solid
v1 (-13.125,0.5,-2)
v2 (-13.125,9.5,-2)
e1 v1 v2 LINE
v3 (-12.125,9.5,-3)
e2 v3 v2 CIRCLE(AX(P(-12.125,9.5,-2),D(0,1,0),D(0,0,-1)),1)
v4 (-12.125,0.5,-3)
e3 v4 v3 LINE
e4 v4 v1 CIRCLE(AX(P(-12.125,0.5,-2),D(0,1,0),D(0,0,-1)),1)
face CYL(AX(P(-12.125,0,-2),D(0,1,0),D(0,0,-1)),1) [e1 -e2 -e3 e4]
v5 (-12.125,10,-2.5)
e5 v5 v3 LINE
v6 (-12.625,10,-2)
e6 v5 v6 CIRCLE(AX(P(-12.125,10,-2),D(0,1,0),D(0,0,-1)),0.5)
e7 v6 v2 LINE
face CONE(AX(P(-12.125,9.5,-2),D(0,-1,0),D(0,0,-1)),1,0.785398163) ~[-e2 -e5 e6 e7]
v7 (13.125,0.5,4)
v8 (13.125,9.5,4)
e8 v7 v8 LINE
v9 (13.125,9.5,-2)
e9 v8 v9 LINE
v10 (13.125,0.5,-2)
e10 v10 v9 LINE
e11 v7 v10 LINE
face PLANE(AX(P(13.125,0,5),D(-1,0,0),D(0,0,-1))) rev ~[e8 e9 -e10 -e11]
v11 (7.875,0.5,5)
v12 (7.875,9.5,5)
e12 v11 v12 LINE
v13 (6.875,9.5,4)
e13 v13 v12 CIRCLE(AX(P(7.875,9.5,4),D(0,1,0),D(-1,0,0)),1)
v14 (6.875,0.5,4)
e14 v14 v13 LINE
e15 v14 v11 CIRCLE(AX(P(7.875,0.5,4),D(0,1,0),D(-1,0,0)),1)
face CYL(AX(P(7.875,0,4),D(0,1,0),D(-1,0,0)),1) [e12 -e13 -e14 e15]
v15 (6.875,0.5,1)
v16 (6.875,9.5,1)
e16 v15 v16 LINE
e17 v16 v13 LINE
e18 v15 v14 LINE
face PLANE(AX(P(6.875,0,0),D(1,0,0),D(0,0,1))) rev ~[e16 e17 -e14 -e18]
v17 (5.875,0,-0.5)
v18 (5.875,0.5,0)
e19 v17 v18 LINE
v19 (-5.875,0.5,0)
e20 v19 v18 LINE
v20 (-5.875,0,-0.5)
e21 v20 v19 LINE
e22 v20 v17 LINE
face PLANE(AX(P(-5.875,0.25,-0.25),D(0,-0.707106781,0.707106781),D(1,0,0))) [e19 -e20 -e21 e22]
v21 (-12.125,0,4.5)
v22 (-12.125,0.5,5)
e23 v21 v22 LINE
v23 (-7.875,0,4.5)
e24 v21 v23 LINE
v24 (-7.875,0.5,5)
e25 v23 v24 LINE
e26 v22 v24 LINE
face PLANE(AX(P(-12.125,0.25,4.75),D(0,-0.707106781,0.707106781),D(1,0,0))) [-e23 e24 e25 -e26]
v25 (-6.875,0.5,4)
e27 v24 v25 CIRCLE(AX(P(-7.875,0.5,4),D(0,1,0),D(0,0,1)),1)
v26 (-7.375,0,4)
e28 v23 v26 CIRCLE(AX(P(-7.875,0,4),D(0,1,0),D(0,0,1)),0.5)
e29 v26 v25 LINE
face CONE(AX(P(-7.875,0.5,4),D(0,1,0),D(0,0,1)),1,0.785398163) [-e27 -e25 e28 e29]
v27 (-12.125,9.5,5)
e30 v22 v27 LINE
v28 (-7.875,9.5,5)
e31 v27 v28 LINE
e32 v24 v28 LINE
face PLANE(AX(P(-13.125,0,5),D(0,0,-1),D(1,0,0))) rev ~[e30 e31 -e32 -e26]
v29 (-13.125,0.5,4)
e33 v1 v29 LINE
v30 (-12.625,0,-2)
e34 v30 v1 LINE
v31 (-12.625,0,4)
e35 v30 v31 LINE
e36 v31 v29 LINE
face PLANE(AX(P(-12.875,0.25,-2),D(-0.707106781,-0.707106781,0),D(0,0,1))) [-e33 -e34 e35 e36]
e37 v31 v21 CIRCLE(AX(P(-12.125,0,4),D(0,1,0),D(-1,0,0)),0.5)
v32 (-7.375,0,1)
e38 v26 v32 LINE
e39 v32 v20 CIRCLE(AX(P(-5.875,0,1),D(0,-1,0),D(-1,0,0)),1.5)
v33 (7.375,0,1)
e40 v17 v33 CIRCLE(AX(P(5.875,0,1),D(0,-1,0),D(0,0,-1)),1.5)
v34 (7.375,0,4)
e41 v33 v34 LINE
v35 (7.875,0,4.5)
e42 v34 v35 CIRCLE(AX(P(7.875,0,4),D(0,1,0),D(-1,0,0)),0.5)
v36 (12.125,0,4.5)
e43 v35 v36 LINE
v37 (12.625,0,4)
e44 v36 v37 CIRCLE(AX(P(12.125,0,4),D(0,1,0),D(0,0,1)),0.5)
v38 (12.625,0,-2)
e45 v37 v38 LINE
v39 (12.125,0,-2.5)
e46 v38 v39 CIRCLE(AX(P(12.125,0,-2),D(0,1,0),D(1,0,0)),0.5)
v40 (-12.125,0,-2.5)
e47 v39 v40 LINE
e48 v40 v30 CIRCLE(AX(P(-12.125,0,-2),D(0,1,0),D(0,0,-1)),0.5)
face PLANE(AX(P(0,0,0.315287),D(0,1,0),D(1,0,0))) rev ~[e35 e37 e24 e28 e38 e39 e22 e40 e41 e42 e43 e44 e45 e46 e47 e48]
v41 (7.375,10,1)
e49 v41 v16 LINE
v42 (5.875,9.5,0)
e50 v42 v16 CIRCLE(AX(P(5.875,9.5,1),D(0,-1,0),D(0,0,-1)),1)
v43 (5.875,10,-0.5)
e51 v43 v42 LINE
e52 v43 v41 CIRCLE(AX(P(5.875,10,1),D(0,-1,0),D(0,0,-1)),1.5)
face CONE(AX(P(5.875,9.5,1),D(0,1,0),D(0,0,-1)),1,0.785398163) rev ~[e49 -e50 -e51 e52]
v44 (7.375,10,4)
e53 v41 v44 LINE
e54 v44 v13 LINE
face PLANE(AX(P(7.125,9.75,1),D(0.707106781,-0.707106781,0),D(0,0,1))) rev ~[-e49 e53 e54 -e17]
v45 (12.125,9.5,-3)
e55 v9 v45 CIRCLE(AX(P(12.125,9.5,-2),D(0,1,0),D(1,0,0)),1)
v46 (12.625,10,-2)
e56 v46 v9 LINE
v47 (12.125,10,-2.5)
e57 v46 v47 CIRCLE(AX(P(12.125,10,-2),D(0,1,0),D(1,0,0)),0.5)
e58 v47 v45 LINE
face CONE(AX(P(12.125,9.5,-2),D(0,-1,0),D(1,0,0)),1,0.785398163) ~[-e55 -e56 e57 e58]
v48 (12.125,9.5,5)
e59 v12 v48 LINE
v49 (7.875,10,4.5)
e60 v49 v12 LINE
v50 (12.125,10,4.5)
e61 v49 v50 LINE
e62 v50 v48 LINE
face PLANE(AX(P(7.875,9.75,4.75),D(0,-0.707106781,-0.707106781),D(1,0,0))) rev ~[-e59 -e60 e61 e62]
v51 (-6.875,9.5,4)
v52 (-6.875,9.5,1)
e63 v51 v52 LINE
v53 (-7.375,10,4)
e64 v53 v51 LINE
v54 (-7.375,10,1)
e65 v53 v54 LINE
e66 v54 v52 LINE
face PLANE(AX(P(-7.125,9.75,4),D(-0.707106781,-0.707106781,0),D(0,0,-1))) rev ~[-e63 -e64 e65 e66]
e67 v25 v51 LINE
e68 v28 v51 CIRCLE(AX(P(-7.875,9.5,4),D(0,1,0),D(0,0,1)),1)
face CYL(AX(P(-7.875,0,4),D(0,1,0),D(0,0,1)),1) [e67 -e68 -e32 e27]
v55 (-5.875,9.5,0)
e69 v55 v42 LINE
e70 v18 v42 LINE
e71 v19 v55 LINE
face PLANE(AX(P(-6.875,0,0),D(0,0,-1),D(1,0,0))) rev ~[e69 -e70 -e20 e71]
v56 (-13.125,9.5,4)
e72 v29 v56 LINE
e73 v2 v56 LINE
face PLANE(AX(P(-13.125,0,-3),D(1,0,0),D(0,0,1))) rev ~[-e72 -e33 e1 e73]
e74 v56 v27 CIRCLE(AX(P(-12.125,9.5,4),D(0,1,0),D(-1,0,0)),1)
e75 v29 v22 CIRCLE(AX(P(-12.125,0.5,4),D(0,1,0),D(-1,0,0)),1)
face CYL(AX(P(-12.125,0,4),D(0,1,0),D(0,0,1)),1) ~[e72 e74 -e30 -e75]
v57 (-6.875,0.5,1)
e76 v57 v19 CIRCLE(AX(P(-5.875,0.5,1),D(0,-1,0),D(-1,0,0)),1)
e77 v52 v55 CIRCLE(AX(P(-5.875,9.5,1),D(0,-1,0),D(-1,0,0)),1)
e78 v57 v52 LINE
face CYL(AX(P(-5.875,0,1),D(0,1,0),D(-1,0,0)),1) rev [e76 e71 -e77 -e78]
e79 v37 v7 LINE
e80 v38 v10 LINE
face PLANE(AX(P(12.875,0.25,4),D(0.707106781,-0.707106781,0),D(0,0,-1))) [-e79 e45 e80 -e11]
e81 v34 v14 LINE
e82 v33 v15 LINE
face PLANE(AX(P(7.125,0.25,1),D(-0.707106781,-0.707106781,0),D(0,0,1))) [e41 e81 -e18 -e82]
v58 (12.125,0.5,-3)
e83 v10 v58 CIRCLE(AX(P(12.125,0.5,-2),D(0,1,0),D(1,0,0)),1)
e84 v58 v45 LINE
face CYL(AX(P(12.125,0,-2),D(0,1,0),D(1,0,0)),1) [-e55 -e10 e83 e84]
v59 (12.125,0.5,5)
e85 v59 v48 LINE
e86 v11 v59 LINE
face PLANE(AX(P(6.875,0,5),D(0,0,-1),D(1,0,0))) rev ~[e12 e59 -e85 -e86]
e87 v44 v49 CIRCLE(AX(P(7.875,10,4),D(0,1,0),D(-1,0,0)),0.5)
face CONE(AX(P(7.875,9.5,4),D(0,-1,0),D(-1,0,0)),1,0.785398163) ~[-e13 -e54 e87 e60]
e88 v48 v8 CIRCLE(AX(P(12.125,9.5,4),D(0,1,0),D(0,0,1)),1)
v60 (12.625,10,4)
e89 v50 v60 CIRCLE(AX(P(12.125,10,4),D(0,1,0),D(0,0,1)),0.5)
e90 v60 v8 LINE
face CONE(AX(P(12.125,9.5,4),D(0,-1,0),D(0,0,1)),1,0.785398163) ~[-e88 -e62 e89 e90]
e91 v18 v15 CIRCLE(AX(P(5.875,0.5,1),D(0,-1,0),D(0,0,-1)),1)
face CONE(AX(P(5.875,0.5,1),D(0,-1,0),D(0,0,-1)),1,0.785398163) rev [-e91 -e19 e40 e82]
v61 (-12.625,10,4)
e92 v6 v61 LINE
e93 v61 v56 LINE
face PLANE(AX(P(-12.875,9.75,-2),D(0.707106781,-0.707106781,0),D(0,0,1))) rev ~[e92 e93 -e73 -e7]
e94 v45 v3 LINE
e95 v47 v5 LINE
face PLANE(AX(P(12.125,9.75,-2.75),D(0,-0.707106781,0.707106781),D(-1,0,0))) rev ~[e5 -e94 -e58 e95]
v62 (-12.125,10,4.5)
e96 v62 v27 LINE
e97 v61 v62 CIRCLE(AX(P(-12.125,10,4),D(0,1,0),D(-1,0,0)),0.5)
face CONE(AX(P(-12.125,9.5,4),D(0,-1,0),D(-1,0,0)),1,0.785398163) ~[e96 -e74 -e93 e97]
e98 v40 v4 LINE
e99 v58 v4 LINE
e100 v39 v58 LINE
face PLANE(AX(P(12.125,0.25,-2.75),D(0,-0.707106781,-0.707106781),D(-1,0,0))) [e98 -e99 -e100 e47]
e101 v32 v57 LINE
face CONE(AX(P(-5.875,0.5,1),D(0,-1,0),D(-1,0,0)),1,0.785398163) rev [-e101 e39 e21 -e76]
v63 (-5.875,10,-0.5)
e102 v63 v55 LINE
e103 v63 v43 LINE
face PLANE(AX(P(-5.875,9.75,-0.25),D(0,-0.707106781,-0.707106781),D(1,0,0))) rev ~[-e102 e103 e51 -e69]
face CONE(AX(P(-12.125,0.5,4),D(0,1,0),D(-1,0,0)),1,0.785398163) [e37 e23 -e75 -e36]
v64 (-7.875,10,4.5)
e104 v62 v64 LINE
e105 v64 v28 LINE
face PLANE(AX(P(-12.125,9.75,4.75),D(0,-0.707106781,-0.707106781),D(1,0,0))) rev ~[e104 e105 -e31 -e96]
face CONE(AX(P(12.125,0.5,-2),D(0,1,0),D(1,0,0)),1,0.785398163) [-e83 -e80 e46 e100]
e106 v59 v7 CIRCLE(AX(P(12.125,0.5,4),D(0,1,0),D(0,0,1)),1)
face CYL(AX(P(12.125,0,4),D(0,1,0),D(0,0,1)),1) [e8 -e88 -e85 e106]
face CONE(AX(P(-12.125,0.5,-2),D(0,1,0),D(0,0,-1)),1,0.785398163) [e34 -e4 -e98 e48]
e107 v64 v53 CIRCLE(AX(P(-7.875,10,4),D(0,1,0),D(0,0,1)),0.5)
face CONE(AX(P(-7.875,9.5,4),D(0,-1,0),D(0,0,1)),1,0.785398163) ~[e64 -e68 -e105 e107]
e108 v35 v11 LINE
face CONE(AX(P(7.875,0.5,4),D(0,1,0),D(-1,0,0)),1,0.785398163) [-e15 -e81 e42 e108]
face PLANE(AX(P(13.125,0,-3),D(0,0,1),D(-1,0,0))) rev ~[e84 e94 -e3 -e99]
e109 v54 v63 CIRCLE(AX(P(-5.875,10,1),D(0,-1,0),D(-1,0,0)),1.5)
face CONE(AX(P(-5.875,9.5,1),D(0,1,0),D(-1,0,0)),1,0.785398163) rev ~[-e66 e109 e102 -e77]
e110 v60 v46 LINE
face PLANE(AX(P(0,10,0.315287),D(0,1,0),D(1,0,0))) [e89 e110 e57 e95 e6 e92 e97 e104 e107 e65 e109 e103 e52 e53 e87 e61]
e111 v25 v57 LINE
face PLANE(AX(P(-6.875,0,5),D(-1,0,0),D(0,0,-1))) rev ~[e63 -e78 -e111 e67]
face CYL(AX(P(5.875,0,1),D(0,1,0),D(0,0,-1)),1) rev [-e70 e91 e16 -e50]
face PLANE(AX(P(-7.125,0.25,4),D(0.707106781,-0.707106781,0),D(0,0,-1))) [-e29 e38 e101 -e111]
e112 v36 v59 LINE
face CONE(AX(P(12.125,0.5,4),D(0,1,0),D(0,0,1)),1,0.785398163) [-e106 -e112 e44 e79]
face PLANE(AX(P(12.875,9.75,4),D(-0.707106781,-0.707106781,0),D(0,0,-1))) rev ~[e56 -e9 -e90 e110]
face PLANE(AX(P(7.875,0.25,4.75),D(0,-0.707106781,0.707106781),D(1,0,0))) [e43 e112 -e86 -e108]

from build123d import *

# Parameters (mm, degrees)
BOSS_EXTRUDE1_DEPTH = 10
FILLET1_R           = 1
CHAMFER1_SIZE       = 0.5


with BuildPart() as part:
    # Sketch1 → Boss-Extrude1 (new body)
    with BuildSketch(Plane(origin=(0, 0, 0), x_dir=(1, 0, 0), z_dir=(0, 1, 0))):
        Polygon((-13.125, 0), (-13.125, -5), (-6.875, -5), (-6.875, 0), (6.875, 0), (6.875, -5), (13.125, -5), (13.125, 0), (13.125, 3), (-13.125, 3), align=None)
    extrude(amount=BOSS_EXTRUDE1_DEPTH)

    # Fillet1
    fillet1_edges = [part.edges().sort_by_distance(p)[0] for p in [
        (-6.875, 5, 0),
        (-6.875, 5, 5),
        (-13.125, 5, 5),
        (-13.125, 5, -3),
        (13.125, 5, -3),
        (13.125, 5, 5),
        (6.875, 5, 5),
        (6.875, 5, 0),
    ]]
    fillet(fillet1_edges, radius=FILLET1_R)

    # Chamfer1
    chamfer1_edges = [part.edges().sort_by_distance(p)[0] for p in [
        (0, 0, -3),
        (0, 10, -3),
        (0, 0, 0),
        (-6.875, 0, 2.5),
        (-10, 0, 5),
        (-13.125, 0, 1),
        (13.125, 0, 1),
        (10, 0, 5),
        (6.875, 0, 2.5),
        (-12.832106781, 0, 4.707106781),
        (-7.167893219, 0, 4.707106781),
        (-12.832106781, 0, -2.707106781),
        (7.167893219, 0, 4.707106781),
        (12.832106781, 0, 4.707106781),
        (12.832106781, 0, -2.707106781),
        (13.125, 10, 1),
        (0, 10, 0),
        (6.875, 10, 2.5),
        (10, 10, 5),
        (-13.125, 10, 1),
        (-10, 10, 5),
        (-6.875, 10, 2.5),
        (-12.832106781, 10, 4.707106781),
        (-7.167893219, 10, 4.707106781),
        (-12.832106781, 10, -2.707106781),
        (7.167893219, 10, 4.707106781),
        (12.832106781, 10, 4.707106781),
        (12.832106781, 10, -2.707106781),
        (6.582106781, 0, 0.292893219),
        (6.582106781, 10, 0.292893219),
        (-6.582106781, 0, 0.292893219),
        (-6.582106781, 10, 0.292893219),
    ]]
    chamfer(chamfer1_edges, length=CHAMFER1_SIZE)


solid = part.part
